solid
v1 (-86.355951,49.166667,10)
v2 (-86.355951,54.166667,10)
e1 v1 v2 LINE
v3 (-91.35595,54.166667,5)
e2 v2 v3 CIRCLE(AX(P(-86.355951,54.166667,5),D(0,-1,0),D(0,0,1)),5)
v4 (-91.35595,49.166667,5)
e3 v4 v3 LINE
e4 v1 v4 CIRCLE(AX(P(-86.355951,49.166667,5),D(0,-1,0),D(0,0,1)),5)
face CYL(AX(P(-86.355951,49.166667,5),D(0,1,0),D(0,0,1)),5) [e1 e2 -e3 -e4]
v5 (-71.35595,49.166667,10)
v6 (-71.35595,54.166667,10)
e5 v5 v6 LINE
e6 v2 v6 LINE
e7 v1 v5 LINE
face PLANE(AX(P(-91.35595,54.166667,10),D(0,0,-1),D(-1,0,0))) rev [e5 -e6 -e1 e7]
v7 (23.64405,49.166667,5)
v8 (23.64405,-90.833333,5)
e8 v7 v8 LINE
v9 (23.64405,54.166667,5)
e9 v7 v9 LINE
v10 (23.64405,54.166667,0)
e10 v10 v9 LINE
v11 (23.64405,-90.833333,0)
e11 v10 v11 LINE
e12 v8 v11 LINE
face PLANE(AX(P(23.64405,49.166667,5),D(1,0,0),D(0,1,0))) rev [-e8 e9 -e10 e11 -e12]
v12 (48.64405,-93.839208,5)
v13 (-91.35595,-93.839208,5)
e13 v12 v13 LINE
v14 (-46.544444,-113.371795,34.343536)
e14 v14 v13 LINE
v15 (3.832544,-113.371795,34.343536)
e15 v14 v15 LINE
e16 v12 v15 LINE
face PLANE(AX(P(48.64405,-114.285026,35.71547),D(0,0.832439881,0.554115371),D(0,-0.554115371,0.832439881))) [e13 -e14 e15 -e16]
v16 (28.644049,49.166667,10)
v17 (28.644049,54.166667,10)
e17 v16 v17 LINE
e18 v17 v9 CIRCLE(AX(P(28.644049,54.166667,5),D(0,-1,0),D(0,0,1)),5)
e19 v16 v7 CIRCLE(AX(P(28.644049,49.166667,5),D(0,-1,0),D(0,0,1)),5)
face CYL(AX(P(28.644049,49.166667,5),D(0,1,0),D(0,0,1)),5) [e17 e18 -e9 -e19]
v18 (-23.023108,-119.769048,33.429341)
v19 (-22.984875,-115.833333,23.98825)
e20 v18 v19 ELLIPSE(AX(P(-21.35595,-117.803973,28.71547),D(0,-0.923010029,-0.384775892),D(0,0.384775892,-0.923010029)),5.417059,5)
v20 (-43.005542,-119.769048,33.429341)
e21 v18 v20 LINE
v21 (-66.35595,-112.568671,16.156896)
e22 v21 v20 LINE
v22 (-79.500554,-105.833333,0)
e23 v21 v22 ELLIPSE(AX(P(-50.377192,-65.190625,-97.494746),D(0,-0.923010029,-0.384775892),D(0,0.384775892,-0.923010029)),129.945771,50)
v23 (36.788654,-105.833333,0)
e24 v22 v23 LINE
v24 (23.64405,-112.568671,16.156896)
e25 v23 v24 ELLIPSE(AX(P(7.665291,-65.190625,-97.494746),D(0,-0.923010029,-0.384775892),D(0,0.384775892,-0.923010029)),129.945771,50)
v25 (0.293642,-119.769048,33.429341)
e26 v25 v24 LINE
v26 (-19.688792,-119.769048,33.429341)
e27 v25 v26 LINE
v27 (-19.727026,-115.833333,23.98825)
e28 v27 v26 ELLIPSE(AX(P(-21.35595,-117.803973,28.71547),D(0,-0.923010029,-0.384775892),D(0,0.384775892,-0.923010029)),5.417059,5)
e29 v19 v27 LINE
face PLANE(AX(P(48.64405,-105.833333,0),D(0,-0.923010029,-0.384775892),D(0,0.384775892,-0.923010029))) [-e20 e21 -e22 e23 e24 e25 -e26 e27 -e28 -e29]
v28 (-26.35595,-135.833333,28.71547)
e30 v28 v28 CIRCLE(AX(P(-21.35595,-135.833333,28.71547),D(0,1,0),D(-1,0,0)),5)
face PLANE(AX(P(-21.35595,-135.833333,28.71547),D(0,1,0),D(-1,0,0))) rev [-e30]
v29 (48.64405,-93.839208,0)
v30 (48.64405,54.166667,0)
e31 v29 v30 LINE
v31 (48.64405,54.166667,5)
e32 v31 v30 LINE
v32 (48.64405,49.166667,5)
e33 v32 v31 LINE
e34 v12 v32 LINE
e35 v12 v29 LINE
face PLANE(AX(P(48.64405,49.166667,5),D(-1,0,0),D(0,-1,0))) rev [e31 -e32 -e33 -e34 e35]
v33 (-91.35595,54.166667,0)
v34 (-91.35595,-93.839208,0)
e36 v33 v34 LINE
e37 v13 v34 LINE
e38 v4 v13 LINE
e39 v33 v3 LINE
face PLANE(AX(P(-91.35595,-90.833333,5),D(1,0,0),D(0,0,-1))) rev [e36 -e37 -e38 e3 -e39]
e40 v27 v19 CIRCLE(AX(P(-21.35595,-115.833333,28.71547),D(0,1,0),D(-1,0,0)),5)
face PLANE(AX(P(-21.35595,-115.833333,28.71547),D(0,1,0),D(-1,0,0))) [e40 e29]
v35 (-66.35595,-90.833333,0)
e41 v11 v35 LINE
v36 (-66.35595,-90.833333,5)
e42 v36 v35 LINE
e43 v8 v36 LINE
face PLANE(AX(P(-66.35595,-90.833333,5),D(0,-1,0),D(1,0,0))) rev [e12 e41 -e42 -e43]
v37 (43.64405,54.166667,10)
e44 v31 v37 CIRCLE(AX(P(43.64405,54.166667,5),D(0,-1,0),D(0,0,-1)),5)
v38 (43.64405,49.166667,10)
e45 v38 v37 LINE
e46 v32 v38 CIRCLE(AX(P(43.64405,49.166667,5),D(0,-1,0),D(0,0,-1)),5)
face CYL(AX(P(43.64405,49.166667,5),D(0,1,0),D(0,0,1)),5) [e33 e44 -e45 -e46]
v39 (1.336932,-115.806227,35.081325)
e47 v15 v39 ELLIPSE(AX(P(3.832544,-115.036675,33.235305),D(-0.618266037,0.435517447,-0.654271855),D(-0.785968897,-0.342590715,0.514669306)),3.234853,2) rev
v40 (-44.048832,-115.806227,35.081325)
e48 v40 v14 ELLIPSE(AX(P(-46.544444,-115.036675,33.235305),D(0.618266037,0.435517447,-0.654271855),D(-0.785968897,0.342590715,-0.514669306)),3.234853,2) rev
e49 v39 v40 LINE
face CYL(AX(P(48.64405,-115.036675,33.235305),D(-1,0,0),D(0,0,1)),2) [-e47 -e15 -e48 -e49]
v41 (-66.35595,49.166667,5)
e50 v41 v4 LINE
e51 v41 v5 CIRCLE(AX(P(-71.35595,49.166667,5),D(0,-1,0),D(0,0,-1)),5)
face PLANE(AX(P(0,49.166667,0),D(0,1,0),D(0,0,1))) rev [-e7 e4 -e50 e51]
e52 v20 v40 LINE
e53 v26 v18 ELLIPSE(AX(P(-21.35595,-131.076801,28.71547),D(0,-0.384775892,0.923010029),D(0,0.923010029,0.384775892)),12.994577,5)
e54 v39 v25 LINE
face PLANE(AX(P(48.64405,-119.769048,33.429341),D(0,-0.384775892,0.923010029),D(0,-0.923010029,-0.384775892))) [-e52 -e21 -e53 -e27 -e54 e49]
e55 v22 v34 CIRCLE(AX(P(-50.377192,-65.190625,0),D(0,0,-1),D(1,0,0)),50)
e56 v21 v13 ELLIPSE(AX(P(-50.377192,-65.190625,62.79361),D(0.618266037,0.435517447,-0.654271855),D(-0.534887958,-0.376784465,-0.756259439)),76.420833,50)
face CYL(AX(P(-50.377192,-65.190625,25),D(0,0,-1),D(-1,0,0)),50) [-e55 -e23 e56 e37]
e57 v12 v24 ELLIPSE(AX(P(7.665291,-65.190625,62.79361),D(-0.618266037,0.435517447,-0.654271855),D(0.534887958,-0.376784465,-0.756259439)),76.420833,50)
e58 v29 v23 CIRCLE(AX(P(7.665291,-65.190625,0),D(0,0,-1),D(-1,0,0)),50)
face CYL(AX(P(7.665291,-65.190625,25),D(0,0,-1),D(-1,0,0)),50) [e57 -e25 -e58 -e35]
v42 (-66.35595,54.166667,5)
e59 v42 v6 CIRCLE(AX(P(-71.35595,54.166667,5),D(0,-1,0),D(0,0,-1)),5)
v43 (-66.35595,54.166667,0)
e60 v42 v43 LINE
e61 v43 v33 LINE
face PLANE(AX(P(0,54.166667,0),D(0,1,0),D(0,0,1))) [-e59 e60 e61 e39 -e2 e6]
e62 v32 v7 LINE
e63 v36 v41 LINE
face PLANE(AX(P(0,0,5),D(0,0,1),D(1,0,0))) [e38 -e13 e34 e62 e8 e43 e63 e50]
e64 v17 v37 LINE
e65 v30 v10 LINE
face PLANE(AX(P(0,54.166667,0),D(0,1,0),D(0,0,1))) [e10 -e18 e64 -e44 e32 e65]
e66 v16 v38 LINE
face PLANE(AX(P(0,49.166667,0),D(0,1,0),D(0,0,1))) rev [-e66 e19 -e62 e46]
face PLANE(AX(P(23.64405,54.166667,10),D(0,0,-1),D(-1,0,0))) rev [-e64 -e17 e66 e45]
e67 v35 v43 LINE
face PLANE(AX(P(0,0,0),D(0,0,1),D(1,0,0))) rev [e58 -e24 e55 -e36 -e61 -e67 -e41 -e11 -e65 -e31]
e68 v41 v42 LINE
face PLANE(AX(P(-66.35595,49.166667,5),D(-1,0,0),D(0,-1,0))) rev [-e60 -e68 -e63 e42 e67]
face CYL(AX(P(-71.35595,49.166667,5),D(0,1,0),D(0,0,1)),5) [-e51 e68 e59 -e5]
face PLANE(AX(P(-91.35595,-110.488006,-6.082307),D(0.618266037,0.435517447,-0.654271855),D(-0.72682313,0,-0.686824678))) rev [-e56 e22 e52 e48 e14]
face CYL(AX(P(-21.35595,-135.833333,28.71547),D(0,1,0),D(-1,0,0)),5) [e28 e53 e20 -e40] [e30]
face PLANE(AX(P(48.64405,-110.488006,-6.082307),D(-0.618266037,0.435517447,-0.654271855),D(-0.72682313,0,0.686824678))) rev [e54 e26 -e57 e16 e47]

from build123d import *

# Parameters (mm, degrees)
AUFSATZ_LINEAR_AUSTRAGEN1_DEPTH      = 5
SKIZZE2_W                            = 25
SKIZZE2_H                            = 10
AUFSATZ_LINEAR_AUSTRAGEN2_DEPTH      = 5
AUFSATZ_LINEAR_AUSTRAGEN3_DEPTH      = 140
SCHNITT_LINEAR_AUSTRAGEN1_DEPTH      = 20
SKIZZE6_R                            = 5
AUFSATZ_LINEAR_AUSTRAGEN4_DEPTH      = 20
SCHNITT_LINEAR_AUSTRAGEN2_DEPTH      = 5
SCHNITT_LINEAR_AUSTRAGEN3_DEPTH      = 20
SCHNITT_LINEAR_AUSTRAGEN3_DEPTH_BACK = 5
VERRUNDUNG2_R                        = 2


with BuildPart() as part:
    # Skizze1 → Aufsatz-Linear austragen1 (new body)
    with BuildSketch(Plane.XY):
        Polygon((-91.355950116, 49.166666667), (-66.355950116, 49.166666667), (-66.355950116, -90.833333333), (23.644049884, -90.833333333), (23.644049884, 49.166666667), (48.644049884, 49.166666667), (48.644049884, -90.833333333), (48.644049884, -105.833333333), (-91.355950116, -105.833333333), (-91.355950116, -90.833333333), align=None)
    extrude(amount=AUFSATZ_LINEAR_AUSTRAGEN1_DEPTH)

    # Skizze2 → Aufsatz-Linear austragen2 (add)
    with BuildSketch(Plane(origin=(0, 49.166666667, 0), x_dir=(1, 0, 0), z_dir=(0, 1, 0))):
        with Locations((-78.855950116, -5)):
            Rectangle(SKIZZE2_W, SKIZZE2_H)
        with Locations((36.144049884, -5)):
            Rectangle(SKIZZE2_W, SKIZZE2_H)
    extrude(amount=AUFSATZ_LINEAR_AUSTRAGEN2_DEPTH)

    # Skizze4 → Aufsatz-Linear austragen3 (add)
    with BuildSketch(Plane.ZY.offset(91.355950116)):
        Polygon((0, -105.833333333), (33.429341034, -119.769048128), (35.715469601, -114.285025769), (5, -93.839208336), align=None)
    extrude(amount=-AUFSATZ_LINEAR_AUSTRAGEN3_DEPTH)

    # Skizze5 → Schnitt-Linear austragen1 (cut)
    with BuildSketch(Plane(origin=(0, -62.72011839, -41.749779724), x_dir=(1, 0, 0), z_dir=(0, 0.8324398810994642, 0.5541153709789236))):
        Polygon((-91.355950116, -56.159947145), (-41.355950116, -95.491404119), (-91.355950116, -95.491404119), align=None)
        Polygon((48.644049884, -56.159947145), (-1.355950116, -95.491404119), (48.644049884, -95.491404119), align=None)
    extrude(amount=-SCHNITT_LINEAR_AUSTRAGEN1_DEPTH, mode=Mode.SUBTRACT)

    # Skizze6 → Aufsatz-Linear austragen4 (add)
    with BuildSketch(Plane(origin=(0, -115.833333333, 0), x_dir=(1, 0, 0), z_dir=(0, 1, 0))):
        with Locations(Location((-21.355950116, -28.715469601, 0), (0, 0, 180))):
            Circle(SKIZZE6_R)
    extrude(amount=-AUFSATZ_LINEAR_AUSTRAGEN4_DEPTH)

    # Skizze7 → Schnitt-Linear austragen2 (cut)
    with BuildSketch(Plane(origin=(0, 54.166666667, 0), x_dir=(1, 0, 0), z_dir=(0, 1, 0))):
        with BuildLine():
            Line((-91.355950116, -5), (-91.355950116, -10))
            Line((-91.355950116, -10), (-86.355950638, -10))
            ThreePointArc((-86.355950638, -10), (-89.891484175, -8.535533537), (-91.355950116, -5))
        make_face()
        with BuildLine():
            Line((-71.355949595, -10), (-66.355950116, -10))
            Line((-66.355950116, -10), (-66.355950116, -5))
            ThreePointArc((-66.355950116, -5), (-67.820416058, -8.535533537), (-71.355949595, -10))
        make_face()
        with BuildLine():
            Line((23.644049884, -5), (23.644049884, -10))
            Line((23.644049884, -10), (28.644049362, -10))
            ThreePointArc((28.644049362, -10), (25.108515825, -8.535533537), (23.644049884, -5))
        make_face()
        with BuildLine():
            Line((48.644049884, -5), (48.644049884, -10))
            Line((48.644049884, -10), (43.644050405, -10))
            ThreePointArc((43.644050405, -10), (47.179583942, -8.535533537), (48.644049884, -5))
        make_face()
    extrude(amount=-SCHNITT_LINEAR_AUSTRAGEN2_DEPTH, mode=Mode.SUBTRACT)

    # Skizze8 → Schnitt-Linear austragen3 (cut, two sides: drawn at the far end of the back side and taken through both)
    with BuildSketch(Plane.XY.offset(5).offset(-SCHNITT_LINEAR_AUSTRAGEN3_DEPTH_BACK)):
        with BuildLine():
            Line((-91.355950116, -93.839208336), (-91.355950116, -112.568670939))
            Line((-91.355950116, -112.568670939), (-66.355950116, -112.568670939))
            ThreePointArc((-66.355950116, -112.568670939), (-80.35614887, -105.206397991), (-91.355950116, -93.839208336))
        make_face()
        with BuildLine():
            Line((48.644049884, -112.568670939), (23.644049884, -112.568670939))
            ThreePointArc((23.644049884, -112.568670939), (37.644248637, -105.206397991), (48.644049884, -93.839208336))
            Line((48.644049884, -93.839208336), (48.644049884, -112.568670939))
        make_face()
    extrude(amount=SCHNITT_LINEAR_AUSTRAGEN3_DEPTH + SCHNITT_LINEAR_AUSTRAGEN3_DEPTH_BACK, mode=Mode.SUBTRACT)

    # Verrundung2
    verrundung2_edges = [part.edges().sort_by_distance(p)[0] for p in [
        (-21.355950116, -114.285025769, 35.715469601),
    ]]
    fillet(verrundung2_edges, radius=VERRUNDUNG2_R)


solid = part.part
